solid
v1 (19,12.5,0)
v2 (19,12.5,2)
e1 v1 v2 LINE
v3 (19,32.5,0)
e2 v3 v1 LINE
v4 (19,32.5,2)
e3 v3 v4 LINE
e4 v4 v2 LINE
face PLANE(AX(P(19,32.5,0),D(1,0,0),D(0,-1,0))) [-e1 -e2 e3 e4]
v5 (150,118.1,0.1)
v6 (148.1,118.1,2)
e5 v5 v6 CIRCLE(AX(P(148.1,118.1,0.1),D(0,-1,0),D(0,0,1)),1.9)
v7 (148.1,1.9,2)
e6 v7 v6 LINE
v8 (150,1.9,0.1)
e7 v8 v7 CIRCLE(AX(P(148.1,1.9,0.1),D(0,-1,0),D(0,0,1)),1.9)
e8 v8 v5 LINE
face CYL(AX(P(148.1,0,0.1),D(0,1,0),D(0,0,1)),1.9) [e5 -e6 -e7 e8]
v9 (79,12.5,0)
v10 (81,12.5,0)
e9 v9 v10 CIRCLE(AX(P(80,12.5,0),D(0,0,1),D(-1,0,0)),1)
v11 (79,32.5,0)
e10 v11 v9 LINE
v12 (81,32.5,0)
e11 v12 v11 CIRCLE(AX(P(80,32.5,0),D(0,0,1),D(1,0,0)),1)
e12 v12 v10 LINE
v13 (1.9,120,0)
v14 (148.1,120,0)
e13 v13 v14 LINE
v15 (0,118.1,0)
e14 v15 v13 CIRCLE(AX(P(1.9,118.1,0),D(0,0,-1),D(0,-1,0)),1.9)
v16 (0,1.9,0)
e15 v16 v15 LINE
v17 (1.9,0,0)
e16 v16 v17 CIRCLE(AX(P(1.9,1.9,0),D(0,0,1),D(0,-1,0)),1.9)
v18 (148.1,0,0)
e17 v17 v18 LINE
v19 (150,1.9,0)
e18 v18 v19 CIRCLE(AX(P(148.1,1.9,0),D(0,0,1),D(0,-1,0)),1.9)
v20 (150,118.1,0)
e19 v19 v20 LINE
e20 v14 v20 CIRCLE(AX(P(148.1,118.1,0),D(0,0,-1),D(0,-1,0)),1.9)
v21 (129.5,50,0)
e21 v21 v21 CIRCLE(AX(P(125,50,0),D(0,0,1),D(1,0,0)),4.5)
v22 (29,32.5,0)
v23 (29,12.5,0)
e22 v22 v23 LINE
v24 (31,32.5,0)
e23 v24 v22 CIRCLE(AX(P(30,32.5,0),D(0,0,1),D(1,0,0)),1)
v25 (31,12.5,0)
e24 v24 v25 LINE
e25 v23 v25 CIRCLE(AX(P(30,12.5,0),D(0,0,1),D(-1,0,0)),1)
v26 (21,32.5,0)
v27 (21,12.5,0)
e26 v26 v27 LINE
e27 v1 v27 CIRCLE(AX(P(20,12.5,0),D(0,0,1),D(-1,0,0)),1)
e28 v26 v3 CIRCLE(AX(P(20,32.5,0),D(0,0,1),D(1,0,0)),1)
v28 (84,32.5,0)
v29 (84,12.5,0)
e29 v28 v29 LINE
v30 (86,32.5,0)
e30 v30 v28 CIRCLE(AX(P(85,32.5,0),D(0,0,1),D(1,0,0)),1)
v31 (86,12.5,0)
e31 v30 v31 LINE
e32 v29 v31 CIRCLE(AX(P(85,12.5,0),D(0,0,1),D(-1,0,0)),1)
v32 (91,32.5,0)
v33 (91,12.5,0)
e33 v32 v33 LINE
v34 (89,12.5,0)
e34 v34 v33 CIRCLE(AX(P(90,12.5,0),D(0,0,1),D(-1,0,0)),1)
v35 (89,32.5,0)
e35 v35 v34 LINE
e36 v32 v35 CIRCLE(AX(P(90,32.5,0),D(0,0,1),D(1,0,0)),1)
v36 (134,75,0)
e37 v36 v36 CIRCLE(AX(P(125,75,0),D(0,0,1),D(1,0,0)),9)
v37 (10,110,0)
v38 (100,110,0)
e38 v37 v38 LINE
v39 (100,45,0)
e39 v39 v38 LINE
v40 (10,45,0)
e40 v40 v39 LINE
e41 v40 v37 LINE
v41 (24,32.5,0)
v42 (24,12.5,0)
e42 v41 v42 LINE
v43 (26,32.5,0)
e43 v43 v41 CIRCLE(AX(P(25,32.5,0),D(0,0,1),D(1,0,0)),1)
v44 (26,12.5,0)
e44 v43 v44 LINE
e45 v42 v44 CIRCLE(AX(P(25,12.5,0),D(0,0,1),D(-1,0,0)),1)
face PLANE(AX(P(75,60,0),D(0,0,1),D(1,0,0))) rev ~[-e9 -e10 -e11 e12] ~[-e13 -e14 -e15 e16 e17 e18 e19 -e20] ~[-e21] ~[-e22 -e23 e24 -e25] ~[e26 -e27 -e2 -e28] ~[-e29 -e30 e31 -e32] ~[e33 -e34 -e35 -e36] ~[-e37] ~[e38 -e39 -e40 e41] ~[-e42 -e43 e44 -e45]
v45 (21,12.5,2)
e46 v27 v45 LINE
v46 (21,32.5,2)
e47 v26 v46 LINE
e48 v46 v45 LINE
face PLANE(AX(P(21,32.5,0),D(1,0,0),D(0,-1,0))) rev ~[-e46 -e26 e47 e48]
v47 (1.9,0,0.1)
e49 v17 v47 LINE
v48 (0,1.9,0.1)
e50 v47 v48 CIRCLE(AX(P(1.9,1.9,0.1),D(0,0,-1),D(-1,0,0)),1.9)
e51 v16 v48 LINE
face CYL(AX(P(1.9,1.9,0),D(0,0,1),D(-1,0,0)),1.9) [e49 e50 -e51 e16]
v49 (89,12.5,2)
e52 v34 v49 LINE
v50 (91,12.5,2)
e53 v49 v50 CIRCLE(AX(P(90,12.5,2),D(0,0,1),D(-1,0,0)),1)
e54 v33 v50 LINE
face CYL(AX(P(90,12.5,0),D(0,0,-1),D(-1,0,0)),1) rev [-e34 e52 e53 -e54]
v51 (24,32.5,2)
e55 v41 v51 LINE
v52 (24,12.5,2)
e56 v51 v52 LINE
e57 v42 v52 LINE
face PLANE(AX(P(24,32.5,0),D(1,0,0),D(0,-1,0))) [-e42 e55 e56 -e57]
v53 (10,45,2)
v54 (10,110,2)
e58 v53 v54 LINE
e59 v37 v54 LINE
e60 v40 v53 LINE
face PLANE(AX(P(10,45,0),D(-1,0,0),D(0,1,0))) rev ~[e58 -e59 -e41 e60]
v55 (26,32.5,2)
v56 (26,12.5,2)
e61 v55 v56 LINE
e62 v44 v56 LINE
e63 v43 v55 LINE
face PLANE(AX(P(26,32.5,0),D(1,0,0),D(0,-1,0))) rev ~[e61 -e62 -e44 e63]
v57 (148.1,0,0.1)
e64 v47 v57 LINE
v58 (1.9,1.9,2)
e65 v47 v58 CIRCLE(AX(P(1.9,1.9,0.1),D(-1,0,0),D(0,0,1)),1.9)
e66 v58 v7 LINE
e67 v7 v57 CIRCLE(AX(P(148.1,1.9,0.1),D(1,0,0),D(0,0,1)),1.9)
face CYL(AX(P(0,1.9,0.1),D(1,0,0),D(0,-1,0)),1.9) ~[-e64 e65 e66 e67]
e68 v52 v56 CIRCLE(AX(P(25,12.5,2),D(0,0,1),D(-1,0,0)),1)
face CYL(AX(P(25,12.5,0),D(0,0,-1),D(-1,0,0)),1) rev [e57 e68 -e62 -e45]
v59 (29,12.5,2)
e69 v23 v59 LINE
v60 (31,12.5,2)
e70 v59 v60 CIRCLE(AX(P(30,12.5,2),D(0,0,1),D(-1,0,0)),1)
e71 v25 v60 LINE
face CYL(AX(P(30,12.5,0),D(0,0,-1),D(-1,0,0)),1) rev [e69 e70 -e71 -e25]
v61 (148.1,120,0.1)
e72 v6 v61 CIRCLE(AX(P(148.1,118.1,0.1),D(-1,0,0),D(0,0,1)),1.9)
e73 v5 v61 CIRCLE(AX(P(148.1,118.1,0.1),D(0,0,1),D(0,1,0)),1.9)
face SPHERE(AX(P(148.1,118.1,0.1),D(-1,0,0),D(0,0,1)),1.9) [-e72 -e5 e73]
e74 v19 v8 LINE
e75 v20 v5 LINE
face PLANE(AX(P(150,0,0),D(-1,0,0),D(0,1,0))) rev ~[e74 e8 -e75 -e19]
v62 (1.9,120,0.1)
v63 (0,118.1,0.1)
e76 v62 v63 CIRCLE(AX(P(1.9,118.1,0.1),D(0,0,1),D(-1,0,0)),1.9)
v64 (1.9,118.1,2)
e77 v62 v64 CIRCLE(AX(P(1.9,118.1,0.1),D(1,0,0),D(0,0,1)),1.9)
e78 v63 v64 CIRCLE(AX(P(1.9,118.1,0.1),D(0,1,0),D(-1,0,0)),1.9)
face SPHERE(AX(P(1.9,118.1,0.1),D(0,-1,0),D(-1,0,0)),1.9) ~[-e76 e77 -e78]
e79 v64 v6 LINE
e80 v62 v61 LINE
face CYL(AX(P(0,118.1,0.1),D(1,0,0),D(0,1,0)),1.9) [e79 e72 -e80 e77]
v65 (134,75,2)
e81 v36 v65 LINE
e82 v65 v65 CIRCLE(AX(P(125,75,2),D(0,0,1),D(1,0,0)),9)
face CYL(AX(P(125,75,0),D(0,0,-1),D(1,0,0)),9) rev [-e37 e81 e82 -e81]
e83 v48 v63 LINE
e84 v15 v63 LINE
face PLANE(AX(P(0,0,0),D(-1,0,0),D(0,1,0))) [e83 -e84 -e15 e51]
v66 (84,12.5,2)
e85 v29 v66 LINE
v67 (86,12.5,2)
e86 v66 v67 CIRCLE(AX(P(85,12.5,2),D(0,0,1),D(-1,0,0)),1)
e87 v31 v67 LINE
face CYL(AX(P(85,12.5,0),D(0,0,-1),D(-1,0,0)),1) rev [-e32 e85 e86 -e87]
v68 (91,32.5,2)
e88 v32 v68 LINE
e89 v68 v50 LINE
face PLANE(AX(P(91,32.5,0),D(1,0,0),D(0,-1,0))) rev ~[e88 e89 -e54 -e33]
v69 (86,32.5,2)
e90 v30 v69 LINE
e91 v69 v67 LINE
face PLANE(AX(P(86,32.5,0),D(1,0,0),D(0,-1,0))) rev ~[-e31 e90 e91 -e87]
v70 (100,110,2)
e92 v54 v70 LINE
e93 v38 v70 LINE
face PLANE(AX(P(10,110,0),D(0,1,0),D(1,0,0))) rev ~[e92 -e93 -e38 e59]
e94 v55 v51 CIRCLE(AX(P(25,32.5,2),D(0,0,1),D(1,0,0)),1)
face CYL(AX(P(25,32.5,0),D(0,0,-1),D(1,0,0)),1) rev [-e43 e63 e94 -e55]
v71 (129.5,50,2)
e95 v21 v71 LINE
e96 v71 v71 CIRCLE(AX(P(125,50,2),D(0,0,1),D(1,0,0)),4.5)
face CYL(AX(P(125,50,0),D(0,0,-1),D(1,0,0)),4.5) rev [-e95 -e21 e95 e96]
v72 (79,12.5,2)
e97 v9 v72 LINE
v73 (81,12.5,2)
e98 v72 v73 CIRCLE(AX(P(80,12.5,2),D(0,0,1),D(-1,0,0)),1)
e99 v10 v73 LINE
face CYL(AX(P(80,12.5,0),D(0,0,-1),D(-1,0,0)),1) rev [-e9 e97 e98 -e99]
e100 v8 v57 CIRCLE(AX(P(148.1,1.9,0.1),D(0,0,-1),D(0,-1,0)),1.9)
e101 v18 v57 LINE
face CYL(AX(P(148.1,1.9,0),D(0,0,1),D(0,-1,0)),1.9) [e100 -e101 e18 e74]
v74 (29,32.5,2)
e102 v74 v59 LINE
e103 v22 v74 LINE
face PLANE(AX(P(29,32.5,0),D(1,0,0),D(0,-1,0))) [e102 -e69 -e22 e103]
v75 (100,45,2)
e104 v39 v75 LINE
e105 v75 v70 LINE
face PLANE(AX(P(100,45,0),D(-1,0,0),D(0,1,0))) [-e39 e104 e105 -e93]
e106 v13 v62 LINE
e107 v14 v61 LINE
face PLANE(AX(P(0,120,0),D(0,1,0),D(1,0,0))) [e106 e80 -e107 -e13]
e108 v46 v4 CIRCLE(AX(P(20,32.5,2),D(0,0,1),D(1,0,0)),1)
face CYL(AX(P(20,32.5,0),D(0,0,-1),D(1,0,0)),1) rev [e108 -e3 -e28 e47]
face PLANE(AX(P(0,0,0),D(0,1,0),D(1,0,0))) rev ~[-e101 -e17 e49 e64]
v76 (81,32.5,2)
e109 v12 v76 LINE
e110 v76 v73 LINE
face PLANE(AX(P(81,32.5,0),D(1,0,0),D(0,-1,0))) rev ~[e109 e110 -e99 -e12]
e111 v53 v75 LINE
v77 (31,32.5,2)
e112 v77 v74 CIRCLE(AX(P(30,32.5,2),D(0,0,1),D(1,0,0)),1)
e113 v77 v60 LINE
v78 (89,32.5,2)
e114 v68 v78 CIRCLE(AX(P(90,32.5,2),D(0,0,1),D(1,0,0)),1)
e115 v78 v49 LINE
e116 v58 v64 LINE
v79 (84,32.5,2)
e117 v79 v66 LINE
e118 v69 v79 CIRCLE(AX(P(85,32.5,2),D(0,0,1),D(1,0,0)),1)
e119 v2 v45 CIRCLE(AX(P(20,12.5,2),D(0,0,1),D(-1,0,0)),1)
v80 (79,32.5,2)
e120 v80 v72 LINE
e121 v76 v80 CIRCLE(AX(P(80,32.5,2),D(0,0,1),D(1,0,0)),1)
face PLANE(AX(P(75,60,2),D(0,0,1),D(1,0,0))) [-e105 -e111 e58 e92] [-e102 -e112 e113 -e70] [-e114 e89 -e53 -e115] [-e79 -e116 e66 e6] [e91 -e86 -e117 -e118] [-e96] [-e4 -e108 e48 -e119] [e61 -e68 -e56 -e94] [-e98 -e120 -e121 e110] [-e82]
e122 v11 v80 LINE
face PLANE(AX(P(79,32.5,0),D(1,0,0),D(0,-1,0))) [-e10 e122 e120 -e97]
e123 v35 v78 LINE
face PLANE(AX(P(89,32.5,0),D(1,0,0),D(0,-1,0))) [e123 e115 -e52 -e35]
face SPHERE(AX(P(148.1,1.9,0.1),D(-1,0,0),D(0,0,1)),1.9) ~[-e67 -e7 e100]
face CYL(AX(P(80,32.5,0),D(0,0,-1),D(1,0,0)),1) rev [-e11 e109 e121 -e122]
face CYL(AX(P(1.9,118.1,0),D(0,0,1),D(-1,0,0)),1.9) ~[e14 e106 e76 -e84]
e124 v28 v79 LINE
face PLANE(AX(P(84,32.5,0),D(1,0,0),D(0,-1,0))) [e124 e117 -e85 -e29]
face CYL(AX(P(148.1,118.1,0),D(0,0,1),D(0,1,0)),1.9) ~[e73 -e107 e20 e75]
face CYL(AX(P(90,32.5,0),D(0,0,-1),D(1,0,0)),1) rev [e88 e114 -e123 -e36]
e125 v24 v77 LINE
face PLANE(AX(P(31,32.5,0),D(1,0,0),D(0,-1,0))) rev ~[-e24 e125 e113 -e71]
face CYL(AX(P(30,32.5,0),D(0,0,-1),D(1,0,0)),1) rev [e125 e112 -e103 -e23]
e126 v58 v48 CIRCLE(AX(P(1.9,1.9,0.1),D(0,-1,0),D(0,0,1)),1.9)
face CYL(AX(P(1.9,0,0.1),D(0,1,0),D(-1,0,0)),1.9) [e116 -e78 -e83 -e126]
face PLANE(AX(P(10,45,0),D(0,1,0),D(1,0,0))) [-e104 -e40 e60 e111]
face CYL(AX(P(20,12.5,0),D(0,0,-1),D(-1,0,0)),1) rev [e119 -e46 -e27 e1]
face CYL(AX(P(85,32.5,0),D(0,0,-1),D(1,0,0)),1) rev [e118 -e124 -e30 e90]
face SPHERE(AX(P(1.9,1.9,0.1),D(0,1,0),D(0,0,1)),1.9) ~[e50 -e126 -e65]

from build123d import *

# Parameters (mm, degrees)
SKETCH_W        = 150
SKETCH_H        = 120
PAD_DEPTH       = 2
SKETCH001_W     = 90
SKETCH001_H     = 65
POCKET_DEPTH    = 2
SKETCH002_R     = 9
POCKET001_DEPTH = 2
SKETCH003_R     = 4.5
POCKET002_DEPTH = 2
POCKET003_DEPTH = 2
POCKET004_DEPTH = 2
POCKET005_DEPTH = 2
POCKET006_DEPTH = 2
POCKET007_DEPTH = 2
POCKET008_DEPTH = 2
FILLET_R        = 1.9


with BuildPart() as part:
    # Sketch → Pad (new body)
    with BuildSketch(Plane.XY):
        with Locations((75, 60)):
            Rectangle(SKETCH_W, SKETCH_H)
    extrude(amount=PAD_DEPTH)

    # Sketch001 → Pocket (cut)
    with BuildSketch(Plane.XY):
        with Locations((55, 77.5)):
            Rectangle(SKETCH001_W, SKETCH001_H)
    extrude(amount=POCKET_DEPTH, mode=Mode.SUBTRACT)

    # Sketch002 → Pocket001 (cut)
    with BuildSketch(Plane.XY):
        with Locations((125, 75)):
            Circle(SKETCH002_R)
    extrude(amount=POCKET001_DEPTH, mode=Mode.SUBTRACT)

    # Sketch003 → Pocket002 (cut)
    with BuildSketch(Plane.XY):
        with Locations((125, 50)):
            Circle(SKETCH003_R)
    extrude(amount=POCKET002_DEPTH, mode=Mode.SUBTRACT)

    # Sketch004 → Pocket003 (cut)
    with BuildSketch(Plane.XY):
        with BuildLine():
            ThreePointArc((21, 32.5), (20, 33.5), (19, 32.5))
            Line((19, 32.5), (19, 12.5))
            ThreePointArc((19, 12.5), (20, 11.5), (21, 12.5))
            Line((21, 32.5), (21, 12.5))
        make_face()
    extrude(amount=POCKET003_DEPTH, mode=Mode.SUBTRACT)

    # Sketch006 → Pocket004 (cut)
    with BuildSketch(Plane.XY):
        with BuildLine():
            ThreePointArc((26, 32.5), (25, 33.5), (24, 32.5))
            Line((24, 32.5), (24, 12.5))
            ThreePointArc((24, 12.5), (25, 11.5), (26, 12.5))
            Line((26, 32.5), (26, 12.5))
        make_face()
    extrude(amount=POCKET004_DEPTH, mode=Mode.SUBTRACT)

    # Sketch008 → Pocket005 (cut)
    with BuildSketch(Plane.XY):
        with BuildLine():
            ThreePointArc((31, 32.5), (30, 33.5), (29, 32.5))
            Line((29, 32.5), (29, 12.5))
            ThreePointArc((29, 12.5), (30, 11.5), (31, 12.5))
            Line((31, 32.5), (31, 12.5))
        make_face()
    extrude(amount=POCKET005_DEPTH, mode=Mode.SUBTRACT)

    # Sketch009 → Pocket006 (cut)
    with BuildSketch(Plane.XY):
        with BuildLine():
            ThreePointArc((81, 32.5), (80, 33.5), (79, 32.5))
            Line((79, 32.5), (79, 12.5))
            ThreePointArc((79, 12.5), (80, 11.5), (81, 12.5))
            Line((81, 32.5), (81, 12.5))
        make_face()
    extrude(amount=POCKET006_DEPTH, mode=Mode.SUBTRACT)

    # Sketch010 → Pocket007 (cut)
    with BuildSketch(Plane.XY):
        with BuildLine():
            ThreePointArc((86, 32.5), (85, 33.5), (84, 32.5))
            Line((84, 32.5), (84, 12.5))
            ThreePointArc((84, 12.5), (85, 11.5), (86, 12.5))
            Line((86, 32.5), (86, 12.5))
        make_face()
    extrude(amount=POCKET007_DEPTH, mode=Mode.SUBTRACT)

    # Sketch011 → Pocket008 (cut)
    with BuildSketch(Plane.XY):
        with BuildLine():
            ThreePointArc((91, 32.5), (90, 33.5), (89, 32.5))
            Line((89, 32.5), (89, 12.5))
            ThreePointArc((89, 12.5), (90, 11.5), (91, 12.5))
            Line((91, 32.5), (91, 12.5))
        make_face()
    extrude(amount=POCKET008_DEPTH, mode=Mode.SUBTRACT)

    # Fillet
    fillet_edges = [part.edges().sort_by_distance(p)[0] for p in [
        (0, 60, 2),
        (75, 0, 2),
        (0, 0, 1),
        (0, 120, 1),
        (75, 120, 2),
        (150, 60, 2),
        (150, 0, 1),
        (150, 120, 1),
    ]]
    fillet(fillet_edges, radius=FILLET_R)


solid = part.part
